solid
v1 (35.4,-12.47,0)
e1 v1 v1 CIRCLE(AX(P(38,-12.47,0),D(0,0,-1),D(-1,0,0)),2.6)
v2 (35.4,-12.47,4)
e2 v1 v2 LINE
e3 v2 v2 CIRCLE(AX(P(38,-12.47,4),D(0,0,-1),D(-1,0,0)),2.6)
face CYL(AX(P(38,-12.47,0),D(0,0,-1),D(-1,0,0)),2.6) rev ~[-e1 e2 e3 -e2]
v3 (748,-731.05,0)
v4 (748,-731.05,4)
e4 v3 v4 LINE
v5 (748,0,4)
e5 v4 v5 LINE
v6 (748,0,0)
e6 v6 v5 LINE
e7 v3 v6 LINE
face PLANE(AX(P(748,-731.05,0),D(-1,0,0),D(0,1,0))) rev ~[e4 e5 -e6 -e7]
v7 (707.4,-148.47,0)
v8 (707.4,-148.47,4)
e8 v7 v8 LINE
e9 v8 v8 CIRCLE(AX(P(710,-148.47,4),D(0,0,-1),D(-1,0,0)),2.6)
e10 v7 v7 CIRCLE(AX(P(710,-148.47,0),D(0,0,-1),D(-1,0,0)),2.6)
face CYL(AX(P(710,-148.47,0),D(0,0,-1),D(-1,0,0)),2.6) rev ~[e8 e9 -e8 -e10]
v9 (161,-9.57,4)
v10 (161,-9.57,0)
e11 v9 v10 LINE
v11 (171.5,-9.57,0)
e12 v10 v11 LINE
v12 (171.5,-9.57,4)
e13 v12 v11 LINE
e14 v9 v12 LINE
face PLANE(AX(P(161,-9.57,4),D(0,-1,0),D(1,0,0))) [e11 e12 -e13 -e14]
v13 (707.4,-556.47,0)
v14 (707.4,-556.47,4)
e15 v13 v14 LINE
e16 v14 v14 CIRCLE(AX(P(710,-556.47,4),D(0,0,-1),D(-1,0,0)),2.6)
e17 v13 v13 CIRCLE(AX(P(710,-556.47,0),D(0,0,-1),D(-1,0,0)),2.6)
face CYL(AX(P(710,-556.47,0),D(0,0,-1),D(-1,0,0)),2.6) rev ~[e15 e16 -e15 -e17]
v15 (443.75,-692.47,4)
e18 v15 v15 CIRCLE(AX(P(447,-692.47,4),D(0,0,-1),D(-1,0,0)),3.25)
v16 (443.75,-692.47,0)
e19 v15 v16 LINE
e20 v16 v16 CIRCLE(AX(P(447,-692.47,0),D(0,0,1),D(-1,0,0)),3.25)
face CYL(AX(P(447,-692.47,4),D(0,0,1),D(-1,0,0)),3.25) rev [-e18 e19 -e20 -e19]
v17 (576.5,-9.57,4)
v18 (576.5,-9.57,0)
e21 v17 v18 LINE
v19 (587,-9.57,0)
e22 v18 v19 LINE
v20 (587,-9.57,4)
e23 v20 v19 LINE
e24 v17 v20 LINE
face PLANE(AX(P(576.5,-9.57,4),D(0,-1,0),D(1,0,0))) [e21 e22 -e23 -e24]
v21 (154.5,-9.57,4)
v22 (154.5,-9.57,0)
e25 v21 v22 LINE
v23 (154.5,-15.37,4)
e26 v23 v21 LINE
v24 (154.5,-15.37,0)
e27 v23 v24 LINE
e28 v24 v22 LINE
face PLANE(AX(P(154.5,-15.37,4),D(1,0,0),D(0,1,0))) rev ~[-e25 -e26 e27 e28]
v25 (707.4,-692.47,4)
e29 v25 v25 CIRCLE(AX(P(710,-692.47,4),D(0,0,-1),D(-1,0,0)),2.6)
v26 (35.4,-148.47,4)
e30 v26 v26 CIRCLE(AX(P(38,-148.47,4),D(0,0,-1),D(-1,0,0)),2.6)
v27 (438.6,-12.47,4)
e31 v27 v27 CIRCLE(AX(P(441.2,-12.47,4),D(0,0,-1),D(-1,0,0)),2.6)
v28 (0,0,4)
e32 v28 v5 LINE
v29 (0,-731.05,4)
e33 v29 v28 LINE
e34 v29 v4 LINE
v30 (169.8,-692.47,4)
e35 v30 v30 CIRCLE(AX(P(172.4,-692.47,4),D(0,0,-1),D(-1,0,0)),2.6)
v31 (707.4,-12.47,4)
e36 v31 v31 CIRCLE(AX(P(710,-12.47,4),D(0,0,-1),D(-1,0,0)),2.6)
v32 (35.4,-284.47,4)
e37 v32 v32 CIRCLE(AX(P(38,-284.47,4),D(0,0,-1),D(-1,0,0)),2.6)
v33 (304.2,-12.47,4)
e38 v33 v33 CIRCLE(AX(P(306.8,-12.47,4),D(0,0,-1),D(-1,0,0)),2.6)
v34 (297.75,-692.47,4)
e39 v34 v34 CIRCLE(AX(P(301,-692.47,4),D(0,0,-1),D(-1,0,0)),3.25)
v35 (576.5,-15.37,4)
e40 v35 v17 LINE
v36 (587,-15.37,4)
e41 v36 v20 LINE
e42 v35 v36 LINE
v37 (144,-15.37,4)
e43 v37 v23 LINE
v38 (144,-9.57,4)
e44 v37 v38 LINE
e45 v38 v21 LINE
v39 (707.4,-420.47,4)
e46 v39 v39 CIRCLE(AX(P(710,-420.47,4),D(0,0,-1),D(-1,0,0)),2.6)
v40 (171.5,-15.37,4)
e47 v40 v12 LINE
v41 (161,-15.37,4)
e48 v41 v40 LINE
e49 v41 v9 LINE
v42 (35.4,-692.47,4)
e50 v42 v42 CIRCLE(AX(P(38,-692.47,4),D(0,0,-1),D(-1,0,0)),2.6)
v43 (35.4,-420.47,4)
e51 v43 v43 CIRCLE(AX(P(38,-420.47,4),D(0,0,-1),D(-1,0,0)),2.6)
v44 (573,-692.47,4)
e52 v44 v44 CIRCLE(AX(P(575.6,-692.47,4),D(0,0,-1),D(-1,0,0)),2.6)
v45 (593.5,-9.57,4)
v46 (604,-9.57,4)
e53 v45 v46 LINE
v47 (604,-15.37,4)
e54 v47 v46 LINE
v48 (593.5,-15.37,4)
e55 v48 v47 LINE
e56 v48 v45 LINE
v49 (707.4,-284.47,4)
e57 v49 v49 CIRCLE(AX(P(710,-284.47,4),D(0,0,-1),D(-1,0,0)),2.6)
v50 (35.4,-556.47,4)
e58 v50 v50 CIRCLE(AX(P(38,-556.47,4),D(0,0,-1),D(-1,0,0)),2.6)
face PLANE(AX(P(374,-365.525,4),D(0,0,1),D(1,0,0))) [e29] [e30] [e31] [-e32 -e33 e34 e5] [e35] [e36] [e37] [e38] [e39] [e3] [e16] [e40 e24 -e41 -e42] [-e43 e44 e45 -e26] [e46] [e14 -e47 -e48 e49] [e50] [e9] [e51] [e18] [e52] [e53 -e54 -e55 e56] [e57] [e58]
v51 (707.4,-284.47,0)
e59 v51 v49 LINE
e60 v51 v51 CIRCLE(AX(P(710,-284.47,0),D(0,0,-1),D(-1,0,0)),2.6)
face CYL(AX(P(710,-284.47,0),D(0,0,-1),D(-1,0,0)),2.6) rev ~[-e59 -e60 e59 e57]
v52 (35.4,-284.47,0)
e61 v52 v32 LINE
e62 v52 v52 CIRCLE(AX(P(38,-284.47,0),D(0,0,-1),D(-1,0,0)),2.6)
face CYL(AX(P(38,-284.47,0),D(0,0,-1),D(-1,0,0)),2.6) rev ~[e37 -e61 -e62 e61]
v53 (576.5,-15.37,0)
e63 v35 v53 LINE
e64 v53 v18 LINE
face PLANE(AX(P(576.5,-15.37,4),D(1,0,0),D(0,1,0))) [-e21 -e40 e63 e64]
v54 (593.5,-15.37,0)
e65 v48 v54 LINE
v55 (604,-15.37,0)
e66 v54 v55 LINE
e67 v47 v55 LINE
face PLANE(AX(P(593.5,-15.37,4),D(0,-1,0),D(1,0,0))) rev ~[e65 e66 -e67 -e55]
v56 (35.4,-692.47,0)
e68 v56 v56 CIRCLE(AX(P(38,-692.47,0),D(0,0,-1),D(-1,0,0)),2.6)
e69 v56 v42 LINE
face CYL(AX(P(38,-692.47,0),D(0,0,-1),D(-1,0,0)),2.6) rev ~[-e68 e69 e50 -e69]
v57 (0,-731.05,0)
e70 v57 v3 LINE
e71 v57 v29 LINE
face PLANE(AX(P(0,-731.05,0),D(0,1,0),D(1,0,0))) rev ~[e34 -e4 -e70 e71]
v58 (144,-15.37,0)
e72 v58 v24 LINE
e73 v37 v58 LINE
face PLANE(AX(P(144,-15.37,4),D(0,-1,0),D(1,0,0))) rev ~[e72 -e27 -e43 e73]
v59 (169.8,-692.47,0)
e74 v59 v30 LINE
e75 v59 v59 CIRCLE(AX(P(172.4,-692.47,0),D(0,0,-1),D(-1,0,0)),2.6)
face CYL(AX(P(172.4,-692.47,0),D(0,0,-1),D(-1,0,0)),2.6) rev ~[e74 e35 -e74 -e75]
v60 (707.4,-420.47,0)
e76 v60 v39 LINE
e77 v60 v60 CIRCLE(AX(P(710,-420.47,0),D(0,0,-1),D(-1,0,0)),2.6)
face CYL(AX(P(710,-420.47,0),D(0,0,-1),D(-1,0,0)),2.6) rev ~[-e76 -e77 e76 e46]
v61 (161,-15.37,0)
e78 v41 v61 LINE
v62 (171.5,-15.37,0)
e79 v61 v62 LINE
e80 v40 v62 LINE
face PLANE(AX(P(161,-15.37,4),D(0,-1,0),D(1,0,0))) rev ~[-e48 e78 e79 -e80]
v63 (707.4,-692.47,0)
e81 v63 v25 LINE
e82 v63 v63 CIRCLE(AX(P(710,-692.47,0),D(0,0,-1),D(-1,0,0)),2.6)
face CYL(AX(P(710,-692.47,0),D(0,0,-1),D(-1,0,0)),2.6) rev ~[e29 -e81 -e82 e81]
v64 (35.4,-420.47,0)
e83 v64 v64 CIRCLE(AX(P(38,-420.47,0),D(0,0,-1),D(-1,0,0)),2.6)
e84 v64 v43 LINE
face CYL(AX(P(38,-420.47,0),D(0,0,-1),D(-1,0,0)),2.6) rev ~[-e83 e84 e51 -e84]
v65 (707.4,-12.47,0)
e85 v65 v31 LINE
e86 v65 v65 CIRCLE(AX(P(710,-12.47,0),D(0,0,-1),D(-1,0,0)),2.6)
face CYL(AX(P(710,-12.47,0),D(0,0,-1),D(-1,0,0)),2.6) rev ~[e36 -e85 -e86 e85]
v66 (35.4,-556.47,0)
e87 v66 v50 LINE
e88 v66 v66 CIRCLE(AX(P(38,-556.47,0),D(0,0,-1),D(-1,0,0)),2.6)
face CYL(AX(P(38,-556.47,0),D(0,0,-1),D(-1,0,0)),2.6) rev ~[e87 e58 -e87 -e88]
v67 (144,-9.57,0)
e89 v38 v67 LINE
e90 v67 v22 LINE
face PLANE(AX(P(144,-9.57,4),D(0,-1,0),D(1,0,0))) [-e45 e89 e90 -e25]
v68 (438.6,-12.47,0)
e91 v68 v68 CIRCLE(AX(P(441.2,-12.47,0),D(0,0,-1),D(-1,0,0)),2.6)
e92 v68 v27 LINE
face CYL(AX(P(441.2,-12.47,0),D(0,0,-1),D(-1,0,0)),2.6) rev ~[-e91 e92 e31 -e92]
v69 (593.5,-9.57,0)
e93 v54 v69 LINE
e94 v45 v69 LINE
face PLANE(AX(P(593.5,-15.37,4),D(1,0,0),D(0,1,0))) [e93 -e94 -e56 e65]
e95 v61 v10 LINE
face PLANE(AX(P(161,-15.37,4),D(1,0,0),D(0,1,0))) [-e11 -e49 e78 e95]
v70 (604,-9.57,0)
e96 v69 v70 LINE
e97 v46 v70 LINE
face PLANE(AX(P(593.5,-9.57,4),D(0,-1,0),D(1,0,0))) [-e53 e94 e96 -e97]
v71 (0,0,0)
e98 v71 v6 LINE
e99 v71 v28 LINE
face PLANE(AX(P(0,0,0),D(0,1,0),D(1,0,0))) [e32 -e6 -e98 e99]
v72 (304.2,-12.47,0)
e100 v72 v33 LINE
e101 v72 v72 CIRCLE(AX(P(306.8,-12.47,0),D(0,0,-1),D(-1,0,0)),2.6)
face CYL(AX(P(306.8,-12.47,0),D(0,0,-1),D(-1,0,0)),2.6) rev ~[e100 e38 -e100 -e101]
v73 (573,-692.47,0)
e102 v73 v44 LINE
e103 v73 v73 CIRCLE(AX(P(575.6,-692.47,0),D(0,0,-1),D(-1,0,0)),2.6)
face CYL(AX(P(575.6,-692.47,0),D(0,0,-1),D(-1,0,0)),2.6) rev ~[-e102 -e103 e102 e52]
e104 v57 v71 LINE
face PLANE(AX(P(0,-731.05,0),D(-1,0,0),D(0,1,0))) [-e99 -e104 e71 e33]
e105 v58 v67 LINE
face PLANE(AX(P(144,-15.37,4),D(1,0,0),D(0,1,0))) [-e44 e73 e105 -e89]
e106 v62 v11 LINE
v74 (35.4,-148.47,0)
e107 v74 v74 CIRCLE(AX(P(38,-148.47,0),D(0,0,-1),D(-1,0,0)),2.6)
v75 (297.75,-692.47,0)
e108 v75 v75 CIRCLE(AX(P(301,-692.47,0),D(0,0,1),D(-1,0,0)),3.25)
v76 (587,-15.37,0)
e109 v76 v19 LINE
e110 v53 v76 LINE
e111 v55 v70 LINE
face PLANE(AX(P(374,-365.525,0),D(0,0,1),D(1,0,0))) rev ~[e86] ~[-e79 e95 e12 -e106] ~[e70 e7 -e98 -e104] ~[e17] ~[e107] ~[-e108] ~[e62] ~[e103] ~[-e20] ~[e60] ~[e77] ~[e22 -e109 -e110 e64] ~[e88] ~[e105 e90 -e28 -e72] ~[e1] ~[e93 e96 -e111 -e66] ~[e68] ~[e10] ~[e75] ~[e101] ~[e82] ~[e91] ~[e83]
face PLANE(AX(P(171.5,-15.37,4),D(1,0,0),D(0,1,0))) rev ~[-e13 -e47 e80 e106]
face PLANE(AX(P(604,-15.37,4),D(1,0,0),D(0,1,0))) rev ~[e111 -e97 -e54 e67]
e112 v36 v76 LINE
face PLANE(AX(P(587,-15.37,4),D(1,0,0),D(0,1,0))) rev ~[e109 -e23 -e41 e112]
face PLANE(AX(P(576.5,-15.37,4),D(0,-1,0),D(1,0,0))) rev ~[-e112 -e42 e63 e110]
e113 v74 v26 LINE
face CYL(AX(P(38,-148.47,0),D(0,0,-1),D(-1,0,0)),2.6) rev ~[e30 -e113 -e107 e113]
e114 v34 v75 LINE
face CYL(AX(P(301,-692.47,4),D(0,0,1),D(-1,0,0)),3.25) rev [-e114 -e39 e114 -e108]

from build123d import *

# Parameters (mm, degrees)
SKETCH_1_W          = 748
SKETCH_1_H          = 731.05
EXTRUDE_1_DEPTH     = 4
SKETCH_2_W          = 10.5
SKETCH_2_H          = 5.8
CUT_EXTRUDE_1_DEPTH = 1046.922608275
SKETCH_4_R          = 3.25
CUT_EXTRUDE_2_DEPTH = 1044.130721674
SKETCH_5_R          = 2.6
CUT_EXTRUDE_3_DEPTH = 1046.922608275


with BuildPart() as part:
    # Эскиз1 → Бобышка-Вытянуть1 (new body)
    with BuildSketch(Plane.XY):
        with Locations((374, -365.525)):
            Rectangle(SKETCH_1_W, SKETCH_1_H)
    extrude(amount=EXTRUDE_1_DEPTH)

    # Эскиз2 → Вырез-Вытянуть1 (cut, through all)
    with BuildSketch(Plane.XY.offset(4)):
        with Locations((149.25, -12.47)):
            Rectangle(SKETCH_2_W, SKETCH_2_H)
        with Locations((166.25, -12.47)):
            Rectangle(SKETCH_2_W, SKETCH_2_H)
        with Locations((581.75, -12.47)):
            Rectangle(SKETCH_2_W, SKETCH_2_H)
        with Locations((598.75, -12.47)):
            Rectangle(SKETCH_2_W, SKETCH_2_H)
    extrude(amount=-CUT_EXTRUDE_1_DEPTH, mode=Mode.SUBTRACT)

    # Эскиз4 → Вырез-Вытянуть2 (cut, through all)
    with BuildSketch(Plane(origin=(0, -727.05, 4), x_dir=(1, 0, 0), z_dir=(0, 0, -1))):
        with Locations(Location((301, -34.58, 0), (0, 0, 180))):
            Circle(SKETCH_4_R)
        with Locations(Location((447, -34.58, 0), (0, 0, 180))):
            Circle(SKETCH_4_R)
    extrude(amount=CUT_EXTRUDE_2_DEPTH, mode=Mode.SUBTRACT)

    # Эскиз5 → Вырез-Вытянуть3 (cut, through all)
    with BuildSketch(Plane(origin=(0, 0, 0), x_dir=(-1, 0, 0), z_dir=(0, 0, -1))):
        with Locations((-710, -12.47)):
            Circle(SKETCH_5_R)
        with Locations((-441.2, -12.47)):
            Circle(SKETCH_5_R)
        with Locations((-306.8, -12.47)):
            Circle(SKETCH_5_R)
        with Locations((-38, -12.47)):
            Circle(SKETCH_5_R)
        with Locations((-710, -148.47)):
            Circle(SKETCH_5_R)
        with Locations((-710, -284.47)):
            Circle(SKETCH_5_R)
        with Locations((-710, -420.47)):
            Circle(SKETCH_5_R)
        with Locations((-710, -556.47)):
            Circle(SKETCH_5_R)
        with Locations((-710, -692.47)):
            Circle(SKETCH_5_R)
        with Locations((-575.6, -692.47)):
            Circle(SKETCH_5_R)
        with Locations((-172.4, -692.47)):
            Circle(SKETCH_5_R)
        with Locations((-38, -148.47)):
            Circle(SKETCH_5_R)
        with Locations((-38, -284.47)):
            Circle(SKETCH_5_R)
        with Locations((-38, -420.47)):
            Circle(SKETCH_5_R)
        with Locations((-38, -556.47)):
            Circle(SKETCH_5_R)
        with Locations((-38, -692.47)):
            Circle(SKETCH_5_R)
    extrude(amount=-CUT_EXTRUDE_3_DEPTH, mode=Mode.SUBTRACT)


solid = part.part
